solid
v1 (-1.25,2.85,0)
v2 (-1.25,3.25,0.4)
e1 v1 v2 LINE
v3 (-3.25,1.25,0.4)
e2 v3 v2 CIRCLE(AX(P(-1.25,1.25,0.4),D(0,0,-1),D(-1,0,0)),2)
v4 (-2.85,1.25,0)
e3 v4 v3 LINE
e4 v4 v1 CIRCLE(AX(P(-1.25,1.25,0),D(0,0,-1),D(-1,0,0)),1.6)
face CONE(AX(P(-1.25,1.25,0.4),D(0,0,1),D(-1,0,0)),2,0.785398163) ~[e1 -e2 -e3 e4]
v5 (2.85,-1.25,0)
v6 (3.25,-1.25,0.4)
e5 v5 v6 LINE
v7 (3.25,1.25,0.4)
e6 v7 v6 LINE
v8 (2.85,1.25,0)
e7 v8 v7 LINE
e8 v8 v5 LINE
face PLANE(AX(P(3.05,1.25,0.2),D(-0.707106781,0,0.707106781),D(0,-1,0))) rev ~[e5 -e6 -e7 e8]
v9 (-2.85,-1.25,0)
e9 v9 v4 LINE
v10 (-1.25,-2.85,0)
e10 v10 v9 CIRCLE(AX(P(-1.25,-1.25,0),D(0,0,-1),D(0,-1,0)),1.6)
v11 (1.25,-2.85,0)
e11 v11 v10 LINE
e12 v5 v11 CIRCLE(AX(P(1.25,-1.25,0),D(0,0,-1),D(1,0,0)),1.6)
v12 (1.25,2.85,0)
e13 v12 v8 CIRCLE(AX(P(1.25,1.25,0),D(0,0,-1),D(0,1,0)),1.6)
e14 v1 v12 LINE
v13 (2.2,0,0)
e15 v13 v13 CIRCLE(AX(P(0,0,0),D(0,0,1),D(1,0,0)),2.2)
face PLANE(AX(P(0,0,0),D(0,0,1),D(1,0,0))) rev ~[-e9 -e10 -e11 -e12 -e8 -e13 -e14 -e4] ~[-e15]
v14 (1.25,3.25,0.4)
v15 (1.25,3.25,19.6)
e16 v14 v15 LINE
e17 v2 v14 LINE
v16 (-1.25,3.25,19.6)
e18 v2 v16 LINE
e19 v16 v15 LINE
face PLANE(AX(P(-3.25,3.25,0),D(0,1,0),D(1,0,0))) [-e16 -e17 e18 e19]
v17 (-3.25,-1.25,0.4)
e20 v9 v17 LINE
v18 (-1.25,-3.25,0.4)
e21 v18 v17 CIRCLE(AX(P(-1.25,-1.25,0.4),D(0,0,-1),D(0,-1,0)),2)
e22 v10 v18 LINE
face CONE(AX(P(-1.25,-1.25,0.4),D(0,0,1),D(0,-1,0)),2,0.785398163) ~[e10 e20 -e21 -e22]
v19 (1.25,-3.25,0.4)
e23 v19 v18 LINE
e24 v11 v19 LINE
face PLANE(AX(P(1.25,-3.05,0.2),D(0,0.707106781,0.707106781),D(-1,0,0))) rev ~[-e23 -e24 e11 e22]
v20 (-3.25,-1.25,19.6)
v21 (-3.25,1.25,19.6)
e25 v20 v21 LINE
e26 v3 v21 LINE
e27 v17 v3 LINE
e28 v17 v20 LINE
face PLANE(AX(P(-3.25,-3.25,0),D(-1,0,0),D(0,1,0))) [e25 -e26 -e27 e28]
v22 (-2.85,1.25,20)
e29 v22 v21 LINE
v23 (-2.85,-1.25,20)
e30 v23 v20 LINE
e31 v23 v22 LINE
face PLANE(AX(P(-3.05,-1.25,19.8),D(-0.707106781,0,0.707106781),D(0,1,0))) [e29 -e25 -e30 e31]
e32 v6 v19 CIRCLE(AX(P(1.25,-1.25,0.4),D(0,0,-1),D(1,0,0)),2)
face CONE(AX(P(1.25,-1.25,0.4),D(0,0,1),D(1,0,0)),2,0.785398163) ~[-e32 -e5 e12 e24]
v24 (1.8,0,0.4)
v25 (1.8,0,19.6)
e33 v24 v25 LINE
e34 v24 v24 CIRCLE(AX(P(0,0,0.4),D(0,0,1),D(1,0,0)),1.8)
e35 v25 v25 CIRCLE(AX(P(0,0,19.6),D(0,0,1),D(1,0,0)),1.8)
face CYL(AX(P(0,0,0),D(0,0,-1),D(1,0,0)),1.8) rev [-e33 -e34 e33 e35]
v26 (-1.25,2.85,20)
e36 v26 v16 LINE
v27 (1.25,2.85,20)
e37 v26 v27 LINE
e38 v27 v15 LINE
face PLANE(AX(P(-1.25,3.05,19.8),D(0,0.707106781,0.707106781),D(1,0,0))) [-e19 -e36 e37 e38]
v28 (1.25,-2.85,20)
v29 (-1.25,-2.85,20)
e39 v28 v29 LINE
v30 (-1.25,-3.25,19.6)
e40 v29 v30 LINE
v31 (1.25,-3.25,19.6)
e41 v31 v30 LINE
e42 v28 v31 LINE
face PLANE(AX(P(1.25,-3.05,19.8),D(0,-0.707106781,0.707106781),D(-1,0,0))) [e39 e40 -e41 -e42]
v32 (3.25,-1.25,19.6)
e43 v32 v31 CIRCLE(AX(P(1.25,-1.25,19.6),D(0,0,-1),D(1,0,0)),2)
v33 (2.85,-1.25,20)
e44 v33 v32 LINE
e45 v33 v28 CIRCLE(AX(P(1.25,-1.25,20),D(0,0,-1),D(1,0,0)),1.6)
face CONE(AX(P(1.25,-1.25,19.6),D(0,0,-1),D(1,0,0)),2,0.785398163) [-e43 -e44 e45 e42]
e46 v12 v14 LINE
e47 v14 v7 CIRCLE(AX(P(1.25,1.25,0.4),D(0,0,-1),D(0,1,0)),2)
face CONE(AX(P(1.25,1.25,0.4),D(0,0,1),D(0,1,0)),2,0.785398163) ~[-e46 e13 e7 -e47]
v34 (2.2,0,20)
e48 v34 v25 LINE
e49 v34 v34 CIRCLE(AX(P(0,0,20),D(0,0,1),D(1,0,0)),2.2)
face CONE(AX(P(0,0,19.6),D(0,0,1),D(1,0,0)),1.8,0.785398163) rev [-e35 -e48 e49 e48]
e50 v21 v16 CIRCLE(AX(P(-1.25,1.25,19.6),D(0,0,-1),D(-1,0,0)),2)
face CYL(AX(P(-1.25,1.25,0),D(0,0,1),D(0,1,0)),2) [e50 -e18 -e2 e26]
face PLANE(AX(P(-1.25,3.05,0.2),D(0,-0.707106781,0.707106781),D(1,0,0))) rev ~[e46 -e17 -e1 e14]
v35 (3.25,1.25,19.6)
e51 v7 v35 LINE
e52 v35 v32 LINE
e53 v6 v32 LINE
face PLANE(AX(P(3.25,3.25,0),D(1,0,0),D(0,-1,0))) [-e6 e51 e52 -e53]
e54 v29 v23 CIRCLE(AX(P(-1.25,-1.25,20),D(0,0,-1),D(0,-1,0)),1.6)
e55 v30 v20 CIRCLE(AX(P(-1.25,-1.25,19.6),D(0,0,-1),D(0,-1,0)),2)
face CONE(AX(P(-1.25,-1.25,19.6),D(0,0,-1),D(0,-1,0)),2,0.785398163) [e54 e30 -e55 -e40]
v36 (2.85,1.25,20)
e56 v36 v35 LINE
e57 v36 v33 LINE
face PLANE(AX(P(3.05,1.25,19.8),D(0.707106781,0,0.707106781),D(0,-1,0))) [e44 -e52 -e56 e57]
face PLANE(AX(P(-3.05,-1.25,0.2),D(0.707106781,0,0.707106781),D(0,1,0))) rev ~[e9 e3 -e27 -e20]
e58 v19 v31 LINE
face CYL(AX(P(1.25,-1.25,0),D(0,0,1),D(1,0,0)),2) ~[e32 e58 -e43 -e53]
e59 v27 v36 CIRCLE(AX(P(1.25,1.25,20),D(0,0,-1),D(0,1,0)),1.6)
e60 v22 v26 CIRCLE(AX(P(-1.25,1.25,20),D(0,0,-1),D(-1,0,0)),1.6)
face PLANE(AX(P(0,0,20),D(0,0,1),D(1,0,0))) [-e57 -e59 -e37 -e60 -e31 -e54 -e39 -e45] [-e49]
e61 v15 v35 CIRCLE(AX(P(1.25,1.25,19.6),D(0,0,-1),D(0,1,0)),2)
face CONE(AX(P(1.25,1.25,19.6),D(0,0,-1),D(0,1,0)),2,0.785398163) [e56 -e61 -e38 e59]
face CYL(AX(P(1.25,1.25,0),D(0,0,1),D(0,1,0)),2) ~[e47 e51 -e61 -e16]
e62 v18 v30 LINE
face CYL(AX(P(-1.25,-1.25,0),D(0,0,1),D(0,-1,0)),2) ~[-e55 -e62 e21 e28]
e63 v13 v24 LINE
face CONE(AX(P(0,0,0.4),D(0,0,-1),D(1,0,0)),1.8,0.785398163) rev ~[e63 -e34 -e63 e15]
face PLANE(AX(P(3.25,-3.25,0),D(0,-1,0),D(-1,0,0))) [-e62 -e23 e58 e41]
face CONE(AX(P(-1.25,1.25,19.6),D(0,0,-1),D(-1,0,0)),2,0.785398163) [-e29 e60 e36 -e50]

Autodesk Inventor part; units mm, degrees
ref_plane "YZ Plane" through (0, 0, 0) normal (1, 0, 0) x (0, 1, 0)
ref_plane "XZ Plane" through (0, 0, 0) normal (0, 1, 0) x (-1, 0, 0)
ref_plane "XY Plane" through (0, 0, 0) normal (0, 0, 1) x (1, 0, 0)
sketch "Sketch1" plane through (0, 0, 0) normal (0, 0, 1) x (1, 0, 0)
  circle A0 centre (0, 0) radius 1.8
  line L0 (-3.25, 3.25) -> (3.25, 3.25)
  line L1 (3.25, 3.25) -> (3.25, -3.25)
  line L2 (3.25, -3.25) -> (-3.25, -3.25)
  line L3 (-3.25, -3.25) -> (-3.25, 3.25)
  point P0 (3.25, 0)
  point P1 (0, 3.25)
  dimension "d0" = 3.6
  dimension "d24" = 6.5
extrude "Extrusion1" add sketch "Sketch1" along normal blind 20
fillet "Fillet3" radius 2 4 edges at (3.25, 3.25, 10) (3.25, -3.25, 10) (-3.25, -3.25, 10) (-3.25, 3.25, 10)
chamfer "Chamfer4" distance 0.4 angle 45 18 edges at (-2.6642, -2.6642, 20) (-3.25, 0, 20) (-2.6642, 2.6642, 20) (0, 3.25, 20) (2.6642, 2.6642, 20) (3.25, 0, 20) (2.6642, -2.6642, 20) (0, -3.25, 20) (2.6642, -2.6642, 0) (3.25, 0, 0) (2.6642, 2.6642, 0) (0, 3.25, 0) (-2.6642, 2.6642, 0) (-3.25, 0, 0) (-2.6642, -2.6642, 0) (0, -3.25, 0) (-1.8, 0, 20) (-1.8, 0, 0)
properties part number "shaft-20mm-squareipt" material "ABS Plastic"
